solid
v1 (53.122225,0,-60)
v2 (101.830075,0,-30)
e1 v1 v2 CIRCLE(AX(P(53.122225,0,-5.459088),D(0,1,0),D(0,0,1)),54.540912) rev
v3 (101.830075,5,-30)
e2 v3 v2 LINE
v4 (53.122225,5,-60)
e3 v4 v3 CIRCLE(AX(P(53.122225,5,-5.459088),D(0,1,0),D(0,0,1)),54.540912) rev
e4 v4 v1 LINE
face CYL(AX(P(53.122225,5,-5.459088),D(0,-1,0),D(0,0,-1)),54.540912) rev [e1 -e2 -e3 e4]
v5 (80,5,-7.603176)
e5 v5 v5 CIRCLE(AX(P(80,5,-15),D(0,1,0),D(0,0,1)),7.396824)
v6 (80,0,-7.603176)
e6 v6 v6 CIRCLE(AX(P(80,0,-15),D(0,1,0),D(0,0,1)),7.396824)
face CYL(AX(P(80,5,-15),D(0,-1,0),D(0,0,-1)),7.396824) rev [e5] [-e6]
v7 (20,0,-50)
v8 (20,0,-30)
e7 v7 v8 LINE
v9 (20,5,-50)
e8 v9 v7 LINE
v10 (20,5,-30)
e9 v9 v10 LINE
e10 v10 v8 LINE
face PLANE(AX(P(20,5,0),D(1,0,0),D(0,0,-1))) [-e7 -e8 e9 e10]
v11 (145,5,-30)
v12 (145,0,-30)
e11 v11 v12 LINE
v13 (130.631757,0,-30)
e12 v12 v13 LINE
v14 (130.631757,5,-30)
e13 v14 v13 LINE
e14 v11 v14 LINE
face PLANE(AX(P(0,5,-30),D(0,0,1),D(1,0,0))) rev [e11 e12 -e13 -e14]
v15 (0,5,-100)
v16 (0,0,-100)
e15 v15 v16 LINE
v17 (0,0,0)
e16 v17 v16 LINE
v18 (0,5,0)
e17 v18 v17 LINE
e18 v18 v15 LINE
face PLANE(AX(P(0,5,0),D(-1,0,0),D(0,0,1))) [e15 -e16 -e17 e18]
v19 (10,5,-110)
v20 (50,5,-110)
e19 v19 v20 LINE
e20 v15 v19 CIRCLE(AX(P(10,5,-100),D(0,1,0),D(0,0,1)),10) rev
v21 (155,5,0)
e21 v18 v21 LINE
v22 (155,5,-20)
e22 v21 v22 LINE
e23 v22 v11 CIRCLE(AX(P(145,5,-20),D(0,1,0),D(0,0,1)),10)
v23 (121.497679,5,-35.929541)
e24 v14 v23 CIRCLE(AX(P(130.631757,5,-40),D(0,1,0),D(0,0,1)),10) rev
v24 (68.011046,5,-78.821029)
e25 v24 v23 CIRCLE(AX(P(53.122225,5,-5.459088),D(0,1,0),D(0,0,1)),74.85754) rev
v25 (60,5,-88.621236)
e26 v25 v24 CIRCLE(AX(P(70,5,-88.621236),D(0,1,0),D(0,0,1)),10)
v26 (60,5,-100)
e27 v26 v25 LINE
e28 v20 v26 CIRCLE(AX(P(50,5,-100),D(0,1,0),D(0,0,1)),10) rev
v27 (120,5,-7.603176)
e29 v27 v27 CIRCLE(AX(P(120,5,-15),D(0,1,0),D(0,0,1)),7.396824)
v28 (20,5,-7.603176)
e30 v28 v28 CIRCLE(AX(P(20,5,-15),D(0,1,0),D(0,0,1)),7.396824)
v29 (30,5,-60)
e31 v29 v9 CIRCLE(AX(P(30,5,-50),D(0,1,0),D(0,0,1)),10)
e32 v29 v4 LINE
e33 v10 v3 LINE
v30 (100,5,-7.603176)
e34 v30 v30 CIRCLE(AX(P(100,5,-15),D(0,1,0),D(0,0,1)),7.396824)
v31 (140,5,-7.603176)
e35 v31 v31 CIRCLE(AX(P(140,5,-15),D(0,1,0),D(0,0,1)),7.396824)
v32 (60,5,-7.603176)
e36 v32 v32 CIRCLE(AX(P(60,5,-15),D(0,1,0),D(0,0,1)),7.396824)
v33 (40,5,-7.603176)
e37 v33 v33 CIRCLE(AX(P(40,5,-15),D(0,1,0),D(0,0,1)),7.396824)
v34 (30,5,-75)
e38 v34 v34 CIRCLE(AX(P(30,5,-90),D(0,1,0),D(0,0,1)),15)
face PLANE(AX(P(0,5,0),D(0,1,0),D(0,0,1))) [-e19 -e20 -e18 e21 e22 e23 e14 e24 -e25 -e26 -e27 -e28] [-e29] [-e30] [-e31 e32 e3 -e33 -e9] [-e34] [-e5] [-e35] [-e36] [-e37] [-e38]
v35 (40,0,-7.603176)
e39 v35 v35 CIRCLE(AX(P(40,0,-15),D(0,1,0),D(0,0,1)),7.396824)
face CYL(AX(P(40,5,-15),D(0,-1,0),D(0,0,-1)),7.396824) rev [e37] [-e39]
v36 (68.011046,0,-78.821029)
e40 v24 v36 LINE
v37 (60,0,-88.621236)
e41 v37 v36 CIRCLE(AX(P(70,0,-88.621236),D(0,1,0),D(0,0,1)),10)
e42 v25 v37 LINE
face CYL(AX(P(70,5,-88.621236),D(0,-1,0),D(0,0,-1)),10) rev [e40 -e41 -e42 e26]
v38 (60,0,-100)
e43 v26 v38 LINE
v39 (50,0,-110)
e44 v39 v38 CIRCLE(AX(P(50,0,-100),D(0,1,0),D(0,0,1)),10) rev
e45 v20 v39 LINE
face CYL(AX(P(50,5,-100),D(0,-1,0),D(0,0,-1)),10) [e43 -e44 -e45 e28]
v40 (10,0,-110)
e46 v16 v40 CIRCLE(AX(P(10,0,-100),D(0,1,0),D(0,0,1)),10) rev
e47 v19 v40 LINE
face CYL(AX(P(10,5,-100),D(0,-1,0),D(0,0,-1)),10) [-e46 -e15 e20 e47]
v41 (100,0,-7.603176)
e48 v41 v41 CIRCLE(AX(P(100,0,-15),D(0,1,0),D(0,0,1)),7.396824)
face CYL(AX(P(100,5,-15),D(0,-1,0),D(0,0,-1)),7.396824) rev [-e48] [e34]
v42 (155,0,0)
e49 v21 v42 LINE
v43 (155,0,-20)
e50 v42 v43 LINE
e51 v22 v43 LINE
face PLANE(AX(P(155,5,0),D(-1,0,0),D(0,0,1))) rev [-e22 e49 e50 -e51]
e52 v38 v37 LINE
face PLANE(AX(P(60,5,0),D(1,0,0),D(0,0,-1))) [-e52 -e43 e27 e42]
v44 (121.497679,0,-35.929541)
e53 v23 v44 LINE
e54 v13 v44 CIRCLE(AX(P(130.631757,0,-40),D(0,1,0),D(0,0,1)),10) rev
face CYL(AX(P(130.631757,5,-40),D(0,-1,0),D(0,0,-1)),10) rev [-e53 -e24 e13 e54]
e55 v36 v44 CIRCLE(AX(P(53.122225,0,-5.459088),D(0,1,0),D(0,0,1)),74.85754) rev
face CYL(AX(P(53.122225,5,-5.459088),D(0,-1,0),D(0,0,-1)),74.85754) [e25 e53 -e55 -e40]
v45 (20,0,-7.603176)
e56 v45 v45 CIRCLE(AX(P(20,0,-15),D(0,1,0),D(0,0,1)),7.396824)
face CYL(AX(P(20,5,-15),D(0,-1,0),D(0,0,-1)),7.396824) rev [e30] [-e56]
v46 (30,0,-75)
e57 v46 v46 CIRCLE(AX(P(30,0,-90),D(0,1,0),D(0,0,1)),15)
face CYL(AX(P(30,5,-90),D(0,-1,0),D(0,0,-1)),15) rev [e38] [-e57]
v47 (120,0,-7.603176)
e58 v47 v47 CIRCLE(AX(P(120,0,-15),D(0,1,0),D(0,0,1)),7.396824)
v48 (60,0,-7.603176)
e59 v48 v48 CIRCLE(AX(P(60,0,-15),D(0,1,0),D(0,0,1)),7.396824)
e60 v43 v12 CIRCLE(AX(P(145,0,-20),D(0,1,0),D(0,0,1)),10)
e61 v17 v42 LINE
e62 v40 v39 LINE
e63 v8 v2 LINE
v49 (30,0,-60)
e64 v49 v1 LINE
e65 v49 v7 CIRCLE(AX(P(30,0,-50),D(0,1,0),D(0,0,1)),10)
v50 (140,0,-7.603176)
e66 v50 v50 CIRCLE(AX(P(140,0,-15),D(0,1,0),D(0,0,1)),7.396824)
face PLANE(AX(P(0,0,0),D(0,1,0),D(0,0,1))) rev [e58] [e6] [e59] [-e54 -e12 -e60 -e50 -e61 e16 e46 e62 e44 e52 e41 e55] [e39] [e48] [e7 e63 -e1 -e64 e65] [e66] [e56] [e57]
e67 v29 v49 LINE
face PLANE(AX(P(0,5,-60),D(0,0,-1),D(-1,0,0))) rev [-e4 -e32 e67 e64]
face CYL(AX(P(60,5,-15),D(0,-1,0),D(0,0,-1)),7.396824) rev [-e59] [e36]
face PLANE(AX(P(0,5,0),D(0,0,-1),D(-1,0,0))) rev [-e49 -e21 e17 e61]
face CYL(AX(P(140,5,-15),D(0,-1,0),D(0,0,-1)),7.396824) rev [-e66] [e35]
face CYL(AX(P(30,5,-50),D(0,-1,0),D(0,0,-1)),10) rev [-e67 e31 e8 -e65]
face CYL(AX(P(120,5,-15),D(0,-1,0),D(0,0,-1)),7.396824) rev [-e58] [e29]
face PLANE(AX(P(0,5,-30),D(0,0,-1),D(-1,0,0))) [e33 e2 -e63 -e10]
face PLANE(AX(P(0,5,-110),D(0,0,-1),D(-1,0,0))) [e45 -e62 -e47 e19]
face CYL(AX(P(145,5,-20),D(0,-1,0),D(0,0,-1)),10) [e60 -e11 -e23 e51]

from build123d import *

# Parameters (mm, degrees)
SKETCH1_R           = 15
SKETCH1_R_2         = 7.396823718
BOSS_EXTRUDE1_DEPTH = 5


with BuildPart() as part:
    # Sketch1 → Boss-Extrude1 (new body)
    with BuildSketch(Plane(origin=(0, 0, 0), x_dir=(1, 0, 0), z_dir=(0, 1, 0))):
        with BuildLine():
            Line((155, 0), (155, 20))
            ThreePointArc((155, 20), (152.071067812, 27.071067812), (145, 30))
            Line((145, 30), (130.631756617, 30))
            ThreePointArc((130.631756617, 30), (125.186785887, 31.612372579), (121.497679457, 35.929541251))
            ThreePointArc((121.497679457, 35.929541251), (99.953355799, 63.858544428), (68.011045902, 78.821028806))
            ThreePointArc((68.011045902, 78.821028806), (62.257599178, 82.292315938), (60, 88.621236029))
            Line((60, 88.621236029), (60, 100))
            ThreePointArc((60, 100), (57.071067812, 107.071067812), (50, 110))
            Line((50, 110), (10, 110))
            ThreePointArc((10, 110), (2.928932188, 107.071067812), (0, 100))
            Line((0, 100), (0, 0))
            Line((0, 0), (155, 0))
        make_face()
        with Locations((30, 90)):
            Circle(SKETCH1_R, mode=Mode.SUBTRACT)
        with Locations((20, 15)):
            Circle(SKETCH1_R_2, mode=Mode.SUBTRACT)
        with Locations((40, 15)):
            Circle(SKETCH1_R_2, mode=Mode.SUBTRACT)
        with Locations((60, 15)):
            Circle(SKETCH1_R_2, mode=Mode.SUBTRACT)
        with Locations((80, 15)):
            Circle(SKETCH1_R_2, mode=Mode.SUBTRACT)
        with Locations((100, 15)):
            Circle(SKETCH1_R_2, mode=Mode.SUBTRACT)
        with Locations((120, 15)):
            Circle(SKETCH1_R_2, mode=Mode.SUBTRACT)
        with Locations((140, 15)):
            Circle(SKETCH1_R_2, mode=Mode.SUBTRACT)
        with BuildLine():
            ThreePointArc((30, 60), (22.928932188, 57.071067812), (20, 50))
            Line((20, 50), (20, 30))
            Line((20, 30), (101.830075275, 30))
            ThreePointArc((101.830075275, 30), (81.724911294, 51.898267594), (53.122224807, 60))
            Line((53.122224807, 60), (30, 60))
        make_face(mode=Mode.SUBTRACT)
    extrude(amount=BOSS_EXTRUDE1_DEPTH)


solid = part.part
